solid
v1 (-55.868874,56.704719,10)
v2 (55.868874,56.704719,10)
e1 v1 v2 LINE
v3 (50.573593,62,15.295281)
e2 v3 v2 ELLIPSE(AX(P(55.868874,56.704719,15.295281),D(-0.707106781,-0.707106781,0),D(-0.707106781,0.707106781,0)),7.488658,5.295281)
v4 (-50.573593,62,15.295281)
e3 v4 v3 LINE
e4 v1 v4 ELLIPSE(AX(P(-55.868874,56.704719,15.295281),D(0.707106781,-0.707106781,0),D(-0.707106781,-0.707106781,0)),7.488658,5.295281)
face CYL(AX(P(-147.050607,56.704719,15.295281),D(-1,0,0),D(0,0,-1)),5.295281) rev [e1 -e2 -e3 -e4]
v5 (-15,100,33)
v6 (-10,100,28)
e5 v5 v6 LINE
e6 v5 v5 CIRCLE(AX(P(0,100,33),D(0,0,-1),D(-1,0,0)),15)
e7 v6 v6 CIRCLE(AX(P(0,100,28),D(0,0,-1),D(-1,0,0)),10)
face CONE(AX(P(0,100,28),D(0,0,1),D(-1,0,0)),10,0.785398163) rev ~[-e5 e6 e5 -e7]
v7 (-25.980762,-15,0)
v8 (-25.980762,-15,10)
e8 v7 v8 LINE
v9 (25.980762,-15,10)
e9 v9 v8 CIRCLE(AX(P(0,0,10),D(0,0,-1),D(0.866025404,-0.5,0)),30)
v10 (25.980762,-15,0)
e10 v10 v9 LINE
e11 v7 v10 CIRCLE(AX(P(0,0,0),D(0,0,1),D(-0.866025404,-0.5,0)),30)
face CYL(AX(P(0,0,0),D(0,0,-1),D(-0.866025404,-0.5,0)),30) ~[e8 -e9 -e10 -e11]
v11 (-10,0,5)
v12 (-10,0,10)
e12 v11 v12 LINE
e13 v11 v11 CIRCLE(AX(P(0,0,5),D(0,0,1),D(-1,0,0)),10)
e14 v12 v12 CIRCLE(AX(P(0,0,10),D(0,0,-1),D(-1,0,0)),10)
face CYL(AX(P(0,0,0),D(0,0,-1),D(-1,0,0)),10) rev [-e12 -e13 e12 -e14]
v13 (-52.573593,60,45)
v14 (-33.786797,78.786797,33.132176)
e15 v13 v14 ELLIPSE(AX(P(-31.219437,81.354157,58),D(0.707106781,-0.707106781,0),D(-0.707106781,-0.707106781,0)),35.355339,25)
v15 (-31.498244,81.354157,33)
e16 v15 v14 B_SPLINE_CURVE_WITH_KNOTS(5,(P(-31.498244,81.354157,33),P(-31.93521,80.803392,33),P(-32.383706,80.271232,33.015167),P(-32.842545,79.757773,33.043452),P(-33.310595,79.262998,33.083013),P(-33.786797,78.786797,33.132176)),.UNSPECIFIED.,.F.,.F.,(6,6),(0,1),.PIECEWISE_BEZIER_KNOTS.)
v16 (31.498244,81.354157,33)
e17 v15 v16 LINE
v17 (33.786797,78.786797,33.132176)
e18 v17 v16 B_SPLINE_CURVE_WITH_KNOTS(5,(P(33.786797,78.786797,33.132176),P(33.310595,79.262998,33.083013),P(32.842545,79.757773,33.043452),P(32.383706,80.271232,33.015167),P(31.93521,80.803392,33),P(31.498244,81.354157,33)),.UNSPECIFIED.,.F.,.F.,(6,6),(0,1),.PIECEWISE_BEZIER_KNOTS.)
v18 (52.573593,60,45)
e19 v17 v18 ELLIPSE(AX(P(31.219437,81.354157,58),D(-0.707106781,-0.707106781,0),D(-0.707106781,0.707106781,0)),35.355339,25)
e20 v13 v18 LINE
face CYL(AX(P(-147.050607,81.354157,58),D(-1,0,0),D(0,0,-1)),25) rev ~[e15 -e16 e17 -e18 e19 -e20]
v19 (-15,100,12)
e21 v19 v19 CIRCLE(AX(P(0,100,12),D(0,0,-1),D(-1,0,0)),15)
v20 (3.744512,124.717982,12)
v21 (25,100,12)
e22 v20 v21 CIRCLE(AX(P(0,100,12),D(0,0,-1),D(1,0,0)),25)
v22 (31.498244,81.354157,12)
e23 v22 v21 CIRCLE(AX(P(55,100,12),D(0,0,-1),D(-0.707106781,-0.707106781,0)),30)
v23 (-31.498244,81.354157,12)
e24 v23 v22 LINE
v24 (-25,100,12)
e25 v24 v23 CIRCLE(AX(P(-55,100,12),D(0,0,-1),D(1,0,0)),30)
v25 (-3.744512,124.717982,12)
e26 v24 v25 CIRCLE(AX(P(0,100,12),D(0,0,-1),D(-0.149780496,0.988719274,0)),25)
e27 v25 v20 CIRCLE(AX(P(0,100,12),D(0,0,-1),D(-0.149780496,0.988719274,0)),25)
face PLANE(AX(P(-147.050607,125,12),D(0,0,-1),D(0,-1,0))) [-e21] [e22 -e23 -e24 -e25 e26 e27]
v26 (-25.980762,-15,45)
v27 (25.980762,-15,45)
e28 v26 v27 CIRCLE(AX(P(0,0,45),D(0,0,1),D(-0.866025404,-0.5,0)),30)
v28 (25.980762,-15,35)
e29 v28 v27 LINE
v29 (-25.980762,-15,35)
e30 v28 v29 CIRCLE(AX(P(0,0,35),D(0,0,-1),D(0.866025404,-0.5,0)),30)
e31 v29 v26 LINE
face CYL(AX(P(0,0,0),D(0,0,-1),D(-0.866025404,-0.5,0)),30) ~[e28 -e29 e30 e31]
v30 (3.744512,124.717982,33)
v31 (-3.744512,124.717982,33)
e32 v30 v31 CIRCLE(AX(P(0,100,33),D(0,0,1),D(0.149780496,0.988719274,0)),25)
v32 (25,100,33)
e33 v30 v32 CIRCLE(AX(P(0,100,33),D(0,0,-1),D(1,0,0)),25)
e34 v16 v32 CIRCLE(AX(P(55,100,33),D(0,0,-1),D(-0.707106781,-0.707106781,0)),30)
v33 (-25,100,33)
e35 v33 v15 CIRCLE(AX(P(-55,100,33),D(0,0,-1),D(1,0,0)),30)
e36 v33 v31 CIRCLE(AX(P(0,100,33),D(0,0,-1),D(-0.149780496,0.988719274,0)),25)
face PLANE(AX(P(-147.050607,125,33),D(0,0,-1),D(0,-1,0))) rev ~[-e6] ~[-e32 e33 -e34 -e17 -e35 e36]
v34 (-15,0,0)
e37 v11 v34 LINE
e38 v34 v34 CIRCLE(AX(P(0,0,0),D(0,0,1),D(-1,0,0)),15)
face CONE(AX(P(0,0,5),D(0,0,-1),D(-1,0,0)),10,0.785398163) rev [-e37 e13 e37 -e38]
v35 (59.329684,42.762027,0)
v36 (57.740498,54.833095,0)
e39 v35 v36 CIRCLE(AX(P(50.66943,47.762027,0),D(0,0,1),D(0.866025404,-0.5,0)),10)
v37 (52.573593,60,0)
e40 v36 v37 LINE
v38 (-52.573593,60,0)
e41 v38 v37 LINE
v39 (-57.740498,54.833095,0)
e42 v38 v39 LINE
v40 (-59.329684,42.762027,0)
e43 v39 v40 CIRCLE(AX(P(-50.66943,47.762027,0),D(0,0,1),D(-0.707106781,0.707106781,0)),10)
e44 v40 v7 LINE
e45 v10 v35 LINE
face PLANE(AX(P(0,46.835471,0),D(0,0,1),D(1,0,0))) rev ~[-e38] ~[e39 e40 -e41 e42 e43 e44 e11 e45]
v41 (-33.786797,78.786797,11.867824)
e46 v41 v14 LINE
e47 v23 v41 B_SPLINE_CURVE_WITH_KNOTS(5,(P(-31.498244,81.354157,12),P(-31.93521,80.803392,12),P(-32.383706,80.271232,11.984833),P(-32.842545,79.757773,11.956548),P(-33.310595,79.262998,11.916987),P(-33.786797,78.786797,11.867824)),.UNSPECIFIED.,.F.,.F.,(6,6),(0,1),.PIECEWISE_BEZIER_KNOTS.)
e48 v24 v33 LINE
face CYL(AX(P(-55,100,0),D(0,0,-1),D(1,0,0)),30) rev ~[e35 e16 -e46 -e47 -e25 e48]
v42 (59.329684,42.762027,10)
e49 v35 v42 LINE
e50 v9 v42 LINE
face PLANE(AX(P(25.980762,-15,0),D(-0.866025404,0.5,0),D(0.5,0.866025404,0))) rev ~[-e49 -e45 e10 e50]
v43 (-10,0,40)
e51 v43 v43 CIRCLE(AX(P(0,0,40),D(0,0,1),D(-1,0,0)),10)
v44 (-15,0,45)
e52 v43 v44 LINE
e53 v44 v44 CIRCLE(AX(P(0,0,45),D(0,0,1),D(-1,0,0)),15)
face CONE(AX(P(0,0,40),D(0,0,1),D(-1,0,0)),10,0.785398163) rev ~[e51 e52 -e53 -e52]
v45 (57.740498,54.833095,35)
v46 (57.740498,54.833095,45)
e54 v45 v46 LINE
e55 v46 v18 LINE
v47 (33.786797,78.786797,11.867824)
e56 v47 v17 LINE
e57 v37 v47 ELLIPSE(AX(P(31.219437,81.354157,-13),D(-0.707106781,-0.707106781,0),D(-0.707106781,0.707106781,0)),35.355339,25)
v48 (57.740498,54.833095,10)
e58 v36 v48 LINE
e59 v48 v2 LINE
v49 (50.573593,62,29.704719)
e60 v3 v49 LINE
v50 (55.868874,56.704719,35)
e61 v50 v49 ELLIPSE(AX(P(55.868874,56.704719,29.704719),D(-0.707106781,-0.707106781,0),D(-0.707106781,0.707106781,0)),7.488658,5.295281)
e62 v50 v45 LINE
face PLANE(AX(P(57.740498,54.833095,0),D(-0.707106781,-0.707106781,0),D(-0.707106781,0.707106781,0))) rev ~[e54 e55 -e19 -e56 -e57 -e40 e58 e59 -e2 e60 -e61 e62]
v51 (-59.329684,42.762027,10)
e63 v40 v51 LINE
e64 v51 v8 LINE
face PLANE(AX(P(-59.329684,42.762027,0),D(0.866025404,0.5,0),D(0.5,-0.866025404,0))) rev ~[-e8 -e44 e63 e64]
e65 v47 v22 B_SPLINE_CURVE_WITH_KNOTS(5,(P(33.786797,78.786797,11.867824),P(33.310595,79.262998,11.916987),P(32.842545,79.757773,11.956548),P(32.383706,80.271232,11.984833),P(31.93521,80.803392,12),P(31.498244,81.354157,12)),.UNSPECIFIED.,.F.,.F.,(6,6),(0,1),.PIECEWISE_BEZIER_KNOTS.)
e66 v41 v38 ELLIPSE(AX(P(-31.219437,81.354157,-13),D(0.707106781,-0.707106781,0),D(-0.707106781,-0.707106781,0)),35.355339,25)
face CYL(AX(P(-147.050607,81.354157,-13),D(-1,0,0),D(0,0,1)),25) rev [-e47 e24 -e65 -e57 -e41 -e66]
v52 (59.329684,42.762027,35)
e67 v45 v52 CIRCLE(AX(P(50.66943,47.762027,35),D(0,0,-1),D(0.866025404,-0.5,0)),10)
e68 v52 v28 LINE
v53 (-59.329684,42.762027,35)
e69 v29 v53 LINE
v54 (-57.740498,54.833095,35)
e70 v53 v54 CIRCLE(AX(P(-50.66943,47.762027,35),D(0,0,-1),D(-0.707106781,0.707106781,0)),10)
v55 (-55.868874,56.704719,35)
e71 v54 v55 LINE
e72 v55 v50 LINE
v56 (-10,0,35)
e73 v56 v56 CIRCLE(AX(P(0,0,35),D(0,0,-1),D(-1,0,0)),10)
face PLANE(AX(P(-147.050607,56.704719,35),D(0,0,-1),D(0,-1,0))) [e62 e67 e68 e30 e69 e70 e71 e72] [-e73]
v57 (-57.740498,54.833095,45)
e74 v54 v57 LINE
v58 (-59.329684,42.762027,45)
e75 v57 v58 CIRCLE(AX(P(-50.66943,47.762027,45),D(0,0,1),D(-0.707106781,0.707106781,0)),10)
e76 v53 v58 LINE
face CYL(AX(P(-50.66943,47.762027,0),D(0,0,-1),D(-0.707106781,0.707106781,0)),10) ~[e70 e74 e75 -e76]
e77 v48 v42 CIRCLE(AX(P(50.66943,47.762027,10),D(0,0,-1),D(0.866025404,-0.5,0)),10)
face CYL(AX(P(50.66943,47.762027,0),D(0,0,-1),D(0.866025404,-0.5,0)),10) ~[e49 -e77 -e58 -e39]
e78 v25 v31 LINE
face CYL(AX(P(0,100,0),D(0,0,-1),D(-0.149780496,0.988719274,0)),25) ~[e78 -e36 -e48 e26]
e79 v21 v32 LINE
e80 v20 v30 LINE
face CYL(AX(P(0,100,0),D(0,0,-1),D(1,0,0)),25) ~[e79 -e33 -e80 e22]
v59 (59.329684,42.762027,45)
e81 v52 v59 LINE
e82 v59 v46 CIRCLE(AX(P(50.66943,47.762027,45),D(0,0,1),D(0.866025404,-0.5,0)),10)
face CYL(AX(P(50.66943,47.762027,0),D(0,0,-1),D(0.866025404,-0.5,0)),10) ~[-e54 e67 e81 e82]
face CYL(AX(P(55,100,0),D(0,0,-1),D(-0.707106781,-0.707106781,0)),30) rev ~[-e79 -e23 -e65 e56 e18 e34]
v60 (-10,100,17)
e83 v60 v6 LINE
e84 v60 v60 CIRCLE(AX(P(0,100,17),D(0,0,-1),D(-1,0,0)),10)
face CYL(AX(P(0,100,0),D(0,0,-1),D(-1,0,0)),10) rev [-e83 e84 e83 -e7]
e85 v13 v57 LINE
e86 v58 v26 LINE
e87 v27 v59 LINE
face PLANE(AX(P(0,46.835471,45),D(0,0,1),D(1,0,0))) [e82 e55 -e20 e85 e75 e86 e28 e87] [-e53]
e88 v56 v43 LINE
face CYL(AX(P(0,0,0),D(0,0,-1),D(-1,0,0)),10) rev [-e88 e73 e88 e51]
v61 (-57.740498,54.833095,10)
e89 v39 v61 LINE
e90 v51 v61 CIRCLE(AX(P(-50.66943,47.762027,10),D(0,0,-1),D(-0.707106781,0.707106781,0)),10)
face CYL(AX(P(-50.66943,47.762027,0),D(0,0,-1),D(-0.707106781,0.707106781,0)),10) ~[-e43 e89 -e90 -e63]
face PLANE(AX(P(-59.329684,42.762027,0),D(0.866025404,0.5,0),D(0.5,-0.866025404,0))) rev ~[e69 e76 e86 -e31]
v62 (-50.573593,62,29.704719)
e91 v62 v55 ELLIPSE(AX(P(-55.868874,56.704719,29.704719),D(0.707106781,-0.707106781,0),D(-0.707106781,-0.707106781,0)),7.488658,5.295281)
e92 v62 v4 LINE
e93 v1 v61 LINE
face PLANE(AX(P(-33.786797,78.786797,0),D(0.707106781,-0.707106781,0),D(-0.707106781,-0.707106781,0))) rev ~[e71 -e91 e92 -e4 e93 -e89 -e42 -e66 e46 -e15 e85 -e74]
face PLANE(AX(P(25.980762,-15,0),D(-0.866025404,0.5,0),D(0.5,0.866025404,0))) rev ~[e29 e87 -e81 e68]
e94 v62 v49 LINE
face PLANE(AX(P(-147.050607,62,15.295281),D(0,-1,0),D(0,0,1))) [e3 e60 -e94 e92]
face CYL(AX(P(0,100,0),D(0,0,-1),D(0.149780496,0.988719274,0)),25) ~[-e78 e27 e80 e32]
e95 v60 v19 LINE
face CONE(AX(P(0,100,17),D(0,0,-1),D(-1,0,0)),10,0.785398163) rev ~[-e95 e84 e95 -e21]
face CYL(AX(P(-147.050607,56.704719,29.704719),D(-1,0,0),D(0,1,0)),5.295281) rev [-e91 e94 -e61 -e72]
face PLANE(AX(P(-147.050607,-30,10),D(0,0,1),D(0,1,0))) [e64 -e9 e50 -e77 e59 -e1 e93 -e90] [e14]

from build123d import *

# Parameters (mm, degrees)
SKETCH2_R               = 10
BOSS_EXTRUDE1_DEPTH     = 45
CUT_EXTRUDE2_DEPTH      = 147.050606819
CUT_EXTRUDE2_DEPTH_BACK = 147.050606819
CHAMFER1_SIZE           = 5


with BuildPart() as part:
    # Sketch2 → Boss-Extrude1 (new body)
    with BuildSketch(Plane.XY):
        with BuildLine():
            ThreePointArc((-25.980762114, -15), (0, -30), (25.980762114, -15))
            Line((25.980762114, -15), (59.329684168, 42.762027375))
            ThreePointArc((59.329684168, 42.762027375), (60.583878744, 49.067289298), (57.740497942, 54.833095187))
            Line((57.740497942, 54.833095187), (33.786796564, 78.786796564))
            ThreePointArc((33.786796564, 78.786796564), (27.283614025, 88.519497029), (25, 100))
            ThreePointArc((25, 100), (18.955379316, 116.300110275), (3.744512401, 124.717981853))
            ThreePointArc((3.744512401, 124.717981853), (0, 125), (-3.744512401, 124.717981853))
            ThreePointArc((-3.744512401, 124.717981853), (-18.955379316, 116.300110275), (-25, 100))
            ThreePointArc((-25, 100), (-27.283614025, 88.519497029), (-33.786796564, 78.786796564))
            Line((-33.786796564, 78.786796564), (-57.740497942, 54.833095187))
            ThreePointArc((-57.740497942, 54.833095187), (-60.583878744, 49.067289298), (-59.329684168, 42.762027375))
            Line((-59.329684168, 42.762027375), (-25.980762114, -15))
        make_face()
        with Locations(Location((0, 0, 0), (0, 0, 180))):
            Circle(SKETCH2_R, mode=Mode.SUBTRACT)
        with Locations(Location((0, 100, 0), (0, 0, 180))):
            Circle(SKETCH2_R, mode=Mode.SUBTRACT)
    extrude(amount=BOSS_EXTRUDE1_DEPTH)

    # Sketch3 → Cut-Extrude2 (cut, two sides: drawn at the far end of the back side and taken through both)
    with BuildSketch(Plane(origin=(0, 0, 0), x_dir=(0, 0, -1), z_dir=(1, 0, 0)).offset(-CUT_EXTRUDE2_DEPTH_BACK)):
        with BuildLine():
            Line((-12, 125), (-12, 81.354156504))
            ThreePointArc((-12, 81.354156504), (-8.794494718, 69.10670779), (0, 60))
            Line((0, 60), (0, 125))
            Line((0, 125), (-12, 125))
        make_face()
        with BuildLine():
            Line((-35, -30), (-22.5, -30))
            Line((-22.5, -30), (-22.5, 62))
            Line((-22.5, 62), (-29.704718934, 62))
            ThreePointArc((-29.704718934, 62), (-33.449048084, 60.449048084), (-35, 56.704718934))
            Line((-35, 56.704718934), (-35, -30))
        make_face()
        with BuildLine():
            Line((-22.5, -30), (-10, -30))
            Line((-10, -30), (-10, 56.704718934))
            ThreePointArc((-10, 56.704718934), (-11.550951916, 60.449048084), (-15.295281066, 62))
            Line((-15.295281066, 62), (-22.5, 62))
            Line((-22.5, 62), (-22.5, -30))
        make_face()
        with BuildLine():
            Line((-33, 125), (-33, 81.354156504))
            ThreePointArc((-33, 81.354156504), (-36.205505282, 69.10670779), (-45, 60))
            Line((-45, 60), (-45, 125))
            Line((-45, 125), (-33, 125))
        make_face()
    extrude(amount=CUT_EXTRUDE2_DEPTH + CUT_EXTRUDE2_DEPTH_BACK, mode=Mode.SUBTRACT)

    # Chamfer1
    chamfer1_edges = [part.edges().sort_by_distance(p)[0] for p in [
        (10, 100, 12),
        (10, 0, 0),
        (10, 0, 45),
        (10, 100, 33),
    ]]
    chamfer(chamfer1_edges, length=CHAMFER1_SIZE)


solid = part.part
